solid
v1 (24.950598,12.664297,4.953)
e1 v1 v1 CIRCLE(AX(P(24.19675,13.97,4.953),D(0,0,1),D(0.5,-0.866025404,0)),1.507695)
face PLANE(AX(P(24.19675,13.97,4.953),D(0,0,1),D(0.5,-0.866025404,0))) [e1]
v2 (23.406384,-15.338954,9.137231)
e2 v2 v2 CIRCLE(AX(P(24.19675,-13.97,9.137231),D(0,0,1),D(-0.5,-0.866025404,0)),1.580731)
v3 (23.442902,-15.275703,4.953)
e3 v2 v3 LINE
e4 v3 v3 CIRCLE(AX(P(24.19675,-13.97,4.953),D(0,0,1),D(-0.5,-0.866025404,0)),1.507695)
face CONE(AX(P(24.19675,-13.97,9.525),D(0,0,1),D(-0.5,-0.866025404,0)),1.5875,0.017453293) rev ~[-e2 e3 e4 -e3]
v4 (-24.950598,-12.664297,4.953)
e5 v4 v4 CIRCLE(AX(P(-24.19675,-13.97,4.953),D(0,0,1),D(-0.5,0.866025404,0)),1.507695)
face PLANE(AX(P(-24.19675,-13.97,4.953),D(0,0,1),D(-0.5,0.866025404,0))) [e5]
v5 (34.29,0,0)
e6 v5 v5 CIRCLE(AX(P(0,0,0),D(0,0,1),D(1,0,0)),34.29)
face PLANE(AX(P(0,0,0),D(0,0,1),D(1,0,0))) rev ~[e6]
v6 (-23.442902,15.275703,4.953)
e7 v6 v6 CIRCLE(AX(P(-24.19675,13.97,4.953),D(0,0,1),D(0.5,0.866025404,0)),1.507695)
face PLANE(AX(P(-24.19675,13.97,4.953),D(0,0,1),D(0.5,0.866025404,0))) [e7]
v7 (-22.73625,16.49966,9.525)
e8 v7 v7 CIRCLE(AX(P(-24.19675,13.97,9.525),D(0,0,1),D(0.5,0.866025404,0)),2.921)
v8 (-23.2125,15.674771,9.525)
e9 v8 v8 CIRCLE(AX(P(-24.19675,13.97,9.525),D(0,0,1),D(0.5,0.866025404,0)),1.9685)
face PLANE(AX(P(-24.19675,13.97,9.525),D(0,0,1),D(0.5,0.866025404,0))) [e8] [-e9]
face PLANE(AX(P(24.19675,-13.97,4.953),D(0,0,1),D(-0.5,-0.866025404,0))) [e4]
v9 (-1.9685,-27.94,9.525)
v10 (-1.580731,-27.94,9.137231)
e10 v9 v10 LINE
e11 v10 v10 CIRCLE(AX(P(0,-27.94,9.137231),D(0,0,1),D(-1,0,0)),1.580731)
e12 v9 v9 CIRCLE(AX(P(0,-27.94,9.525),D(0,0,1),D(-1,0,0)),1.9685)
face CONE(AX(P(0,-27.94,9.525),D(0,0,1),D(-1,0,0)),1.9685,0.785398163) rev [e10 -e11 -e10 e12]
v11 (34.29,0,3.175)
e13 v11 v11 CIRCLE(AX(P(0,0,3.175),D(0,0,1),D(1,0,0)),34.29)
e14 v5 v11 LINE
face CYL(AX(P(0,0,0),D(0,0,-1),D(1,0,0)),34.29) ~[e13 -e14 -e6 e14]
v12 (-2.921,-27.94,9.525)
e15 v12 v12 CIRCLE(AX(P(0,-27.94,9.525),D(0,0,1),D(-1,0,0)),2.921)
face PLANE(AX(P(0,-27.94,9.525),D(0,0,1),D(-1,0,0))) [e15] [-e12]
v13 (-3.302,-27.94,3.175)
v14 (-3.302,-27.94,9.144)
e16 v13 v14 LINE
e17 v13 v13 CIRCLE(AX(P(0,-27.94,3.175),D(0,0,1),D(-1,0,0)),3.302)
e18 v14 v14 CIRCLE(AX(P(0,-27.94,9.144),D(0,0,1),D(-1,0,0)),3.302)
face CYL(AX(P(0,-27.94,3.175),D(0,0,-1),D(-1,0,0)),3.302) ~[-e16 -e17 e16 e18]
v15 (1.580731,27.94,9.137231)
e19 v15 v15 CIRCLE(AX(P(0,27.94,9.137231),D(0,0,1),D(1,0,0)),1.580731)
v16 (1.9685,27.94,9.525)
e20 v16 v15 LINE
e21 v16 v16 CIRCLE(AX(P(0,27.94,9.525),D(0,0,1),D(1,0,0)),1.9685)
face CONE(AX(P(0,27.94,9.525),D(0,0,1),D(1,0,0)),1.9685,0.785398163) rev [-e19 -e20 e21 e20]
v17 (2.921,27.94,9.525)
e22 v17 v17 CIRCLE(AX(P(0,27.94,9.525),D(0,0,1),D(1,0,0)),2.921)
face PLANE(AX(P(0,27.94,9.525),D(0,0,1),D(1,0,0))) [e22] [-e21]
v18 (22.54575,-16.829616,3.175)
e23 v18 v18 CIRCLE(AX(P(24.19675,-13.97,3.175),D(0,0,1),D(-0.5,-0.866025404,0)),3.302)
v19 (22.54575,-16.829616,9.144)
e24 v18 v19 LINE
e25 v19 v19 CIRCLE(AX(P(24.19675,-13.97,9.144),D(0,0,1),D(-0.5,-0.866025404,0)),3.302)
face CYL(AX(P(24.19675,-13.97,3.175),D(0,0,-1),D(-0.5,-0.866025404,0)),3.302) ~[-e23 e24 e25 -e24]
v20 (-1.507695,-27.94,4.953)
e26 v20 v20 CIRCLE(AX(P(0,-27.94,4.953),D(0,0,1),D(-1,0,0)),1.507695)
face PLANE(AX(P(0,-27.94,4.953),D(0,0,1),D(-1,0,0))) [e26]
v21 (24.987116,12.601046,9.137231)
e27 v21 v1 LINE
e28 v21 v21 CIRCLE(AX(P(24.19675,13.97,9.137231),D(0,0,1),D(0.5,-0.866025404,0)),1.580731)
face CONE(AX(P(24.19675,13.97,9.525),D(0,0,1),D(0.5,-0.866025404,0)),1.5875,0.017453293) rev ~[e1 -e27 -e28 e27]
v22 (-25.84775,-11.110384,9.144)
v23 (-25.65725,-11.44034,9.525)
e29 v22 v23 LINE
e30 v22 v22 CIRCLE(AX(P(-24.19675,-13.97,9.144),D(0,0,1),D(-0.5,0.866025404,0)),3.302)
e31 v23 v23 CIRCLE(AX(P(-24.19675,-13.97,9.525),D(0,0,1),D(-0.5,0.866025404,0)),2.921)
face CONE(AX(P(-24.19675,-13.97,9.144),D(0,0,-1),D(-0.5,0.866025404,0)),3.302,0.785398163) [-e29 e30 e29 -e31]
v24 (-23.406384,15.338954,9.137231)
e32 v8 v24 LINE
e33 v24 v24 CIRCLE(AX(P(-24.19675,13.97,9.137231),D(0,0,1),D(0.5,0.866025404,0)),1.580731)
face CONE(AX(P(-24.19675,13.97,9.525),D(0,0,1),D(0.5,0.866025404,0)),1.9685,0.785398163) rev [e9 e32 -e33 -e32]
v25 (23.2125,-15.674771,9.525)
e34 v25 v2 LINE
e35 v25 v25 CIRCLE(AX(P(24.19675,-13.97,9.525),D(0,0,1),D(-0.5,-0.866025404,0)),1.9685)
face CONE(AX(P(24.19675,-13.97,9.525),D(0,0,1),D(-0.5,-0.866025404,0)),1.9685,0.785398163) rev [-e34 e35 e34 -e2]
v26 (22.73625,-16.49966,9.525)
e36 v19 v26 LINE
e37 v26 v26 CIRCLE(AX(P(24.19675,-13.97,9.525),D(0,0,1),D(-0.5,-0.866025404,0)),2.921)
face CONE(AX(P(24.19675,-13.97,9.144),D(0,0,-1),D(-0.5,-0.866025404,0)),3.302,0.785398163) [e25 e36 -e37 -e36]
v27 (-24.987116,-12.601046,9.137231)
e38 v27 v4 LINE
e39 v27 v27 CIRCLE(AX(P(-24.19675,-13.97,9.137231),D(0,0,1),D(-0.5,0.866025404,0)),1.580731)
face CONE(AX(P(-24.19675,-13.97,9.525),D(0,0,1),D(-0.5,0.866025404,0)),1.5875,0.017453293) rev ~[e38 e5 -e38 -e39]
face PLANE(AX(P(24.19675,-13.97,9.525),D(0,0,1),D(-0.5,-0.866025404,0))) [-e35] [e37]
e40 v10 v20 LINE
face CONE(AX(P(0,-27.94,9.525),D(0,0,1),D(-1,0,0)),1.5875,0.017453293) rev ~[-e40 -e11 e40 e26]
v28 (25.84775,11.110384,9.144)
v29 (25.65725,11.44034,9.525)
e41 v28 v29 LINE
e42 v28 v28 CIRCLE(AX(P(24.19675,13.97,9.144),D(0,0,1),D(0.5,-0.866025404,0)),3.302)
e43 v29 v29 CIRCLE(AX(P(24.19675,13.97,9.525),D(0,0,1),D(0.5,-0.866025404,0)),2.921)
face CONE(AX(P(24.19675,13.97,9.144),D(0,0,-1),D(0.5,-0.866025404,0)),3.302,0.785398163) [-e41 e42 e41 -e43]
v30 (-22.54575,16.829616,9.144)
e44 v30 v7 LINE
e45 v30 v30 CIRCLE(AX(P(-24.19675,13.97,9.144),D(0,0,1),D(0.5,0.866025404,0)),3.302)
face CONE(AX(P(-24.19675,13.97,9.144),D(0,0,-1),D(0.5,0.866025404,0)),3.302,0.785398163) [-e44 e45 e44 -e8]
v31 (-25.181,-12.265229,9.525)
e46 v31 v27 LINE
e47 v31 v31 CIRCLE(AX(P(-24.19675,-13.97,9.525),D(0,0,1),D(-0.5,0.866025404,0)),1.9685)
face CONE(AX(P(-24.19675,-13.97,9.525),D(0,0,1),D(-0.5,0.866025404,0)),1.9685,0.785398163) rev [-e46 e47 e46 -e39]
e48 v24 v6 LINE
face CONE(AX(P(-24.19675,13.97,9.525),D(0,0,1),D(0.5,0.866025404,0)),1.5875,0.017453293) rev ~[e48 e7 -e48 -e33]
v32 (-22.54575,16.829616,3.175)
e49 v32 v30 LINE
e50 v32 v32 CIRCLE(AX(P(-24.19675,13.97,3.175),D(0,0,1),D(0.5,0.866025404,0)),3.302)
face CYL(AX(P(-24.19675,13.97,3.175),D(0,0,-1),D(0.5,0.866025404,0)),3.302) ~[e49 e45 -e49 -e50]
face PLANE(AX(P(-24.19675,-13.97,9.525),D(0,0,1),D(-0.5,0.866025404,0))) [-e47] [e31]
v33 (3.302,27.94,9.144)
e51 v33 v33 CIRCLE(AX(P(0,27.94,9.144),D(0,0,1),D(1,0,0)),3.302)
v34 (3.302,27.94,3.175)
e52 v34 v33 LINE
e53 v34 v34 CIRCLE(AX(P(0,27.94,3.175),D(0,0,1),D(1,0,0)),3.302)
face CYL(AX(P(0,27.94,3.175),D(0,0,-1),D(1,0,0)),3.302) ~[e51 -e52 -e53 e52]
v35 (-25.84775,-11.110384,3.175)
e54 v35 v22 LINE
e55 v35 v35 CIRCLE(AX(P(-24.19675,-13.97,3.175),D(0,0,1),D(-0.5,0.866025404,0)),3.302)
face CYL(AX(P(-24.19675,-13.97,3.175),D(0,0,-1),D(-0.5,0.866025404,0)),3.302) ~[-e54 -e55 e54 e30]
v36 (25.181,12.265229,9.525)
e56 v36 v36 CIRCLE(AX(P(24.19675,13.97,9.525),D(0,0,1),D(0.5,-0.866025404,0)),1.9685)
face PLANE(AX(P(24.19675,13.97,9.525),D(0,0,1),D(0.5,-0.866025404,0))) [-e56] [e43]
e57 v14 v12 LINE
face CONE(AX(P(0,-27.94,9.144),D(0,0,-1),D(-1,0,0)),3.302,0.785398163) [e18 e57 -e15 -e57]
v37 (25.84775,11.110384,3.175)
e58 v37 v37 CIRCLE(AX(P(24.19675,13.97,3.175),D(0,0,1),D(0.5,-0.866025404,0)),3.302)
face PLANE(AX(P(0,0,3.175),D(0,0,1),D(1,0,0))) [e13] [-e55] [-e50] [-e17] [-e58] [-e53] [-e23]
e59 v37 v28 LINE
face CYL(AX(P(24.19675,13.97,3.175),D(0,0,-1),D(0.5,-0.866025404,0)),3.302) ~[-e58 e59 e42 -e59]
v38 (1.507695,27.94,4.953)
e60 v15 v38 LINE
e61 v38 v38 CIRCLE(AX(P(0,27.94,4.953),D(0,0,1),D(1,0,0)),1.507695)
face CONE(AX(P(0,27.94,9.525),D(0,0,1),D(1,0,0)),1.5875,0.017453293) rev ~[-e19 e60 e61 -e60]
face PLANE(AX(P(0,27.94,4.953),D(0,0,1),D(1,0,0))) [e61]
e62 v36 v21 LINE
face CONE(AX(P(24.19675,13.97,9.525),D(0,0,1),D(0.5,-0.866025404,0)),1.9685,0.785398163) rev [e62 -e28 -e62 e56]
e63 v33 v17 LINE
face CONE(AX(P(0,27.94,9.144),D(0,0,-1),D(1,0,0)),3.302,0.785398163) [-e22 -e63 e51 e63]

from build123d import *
from OCP.BRepFilletAPI import BRepFilletAPI_MakeChamfer

# Parameters (mm, degrees)
SKETCH1_R                     = 34.29
BOSS_EXTRUDE1_DEPTH           = 3.175
SKETCH2_R                     = 3.302
BOSS_EXTRUDE2_DEPTH           = 6.35
SKETCH3_R                     = 1.5875
CUT_EXTRUDE1_DEPTH            = 4.572
CUT_EXTRUDE1_DRAFT            = -1
CHAMFER1_SIZE                 = 0.381
CHAMFER1_SIZE2                = 0.387827593
CIRPATTERN1_COUNT             = 6
CIRPATTERN1_COPY_1_SKETCH_R   = 1.5875
CIRPATTERN1_COPY_1_DEPTH      = 4.572
CIRPATTERN1_COPY_1_DRAFT      = -1
CIRPATTERN1_COPY_2_SKETCH_R   = 1.5875
CIRPATTERN1_COPY_2_DEPTH      = 4.572
CIRPATTERN1_COPY_2_DRAFT      = -1
CIRPATTERN1_COPY_3_SKETCH_R   = 1.5875
CIRPATTERN1_COPY_3_DEPTH      = 4.572
CIRPATTERN1_COPY_3_DRAFT      = -1
CIRPATTERN1_COPY_4_SKETCH_R   = 1.5875
CIRPATTERN1_COPY_4_DEPTH      = 4.572
CIRPATTERN1_COPY_4_DRAFT      = -1
CIRPATTERN1_COPY_5_SKETCH_R   = 1.5875
CIRPATTERN1_COPY_5_DEPTH      = 4.572
CIRPATTERN1_COPY_5_DRAFT      = -1
CHAMFER1_OF_CIRPATTERN1_SIZE  = 0.381
CHAMFER1_OF_CIRPATTERN1_SIZE2 = 0.387827593


with BuildPart() as part:
    # Sketch1 → Boss-Extrude1 (new body)
    with BuildSketch(Plane.XY):
        Circle(SKETCH1_R)
    extrude(amount=BOSS_EXTRUDE1_DEPTH)

    # Sketch2 → Boss-Extrude2 (add)
    with BuildSketch(Plane.XY.offset(3.175)):
        with Locations((0, 27.94)):
            Circle(SKETCH2_R)
    boss_extrude2 = extrude(amount=BOSS_EXTRUDE2_DEPTH)


with BuildPart() as cut_extrude1_tool:
    # Sketch3 → Cut-Extrude1 (with draft: the straight prism first)
    with BuildSketch(Plane.XY.offset(9.525)):
        with Locations((0, 27.94)):
            Circle(SKETCH3_R)
    extrude(amount=-CUT_EXTRUDE1_DEPTH)
    # Cut-Extrude1: the draft: its side faces are tilted about the plane it starts from
    cut_extrude1_sides = [cut_extrude1_tool.faces().sort_by_distance(p)[0] for p in [
        (-1.5875, 27.94, 7.239),
    ]]
    draft(cut_extrude1_sides, Plane.XY.offset(9.525), CUT_EXTRUDE1_DRAFT)


with BuildPart() as part_1:
    add(part.part)

    # Cut-Extrude1: cut by cut_extrude1_tool
    add(cut_extrude1_tool.part, mode=Mode.SUBTRACT)

    # Chamfer1: one chamfer whose edges measure the first distance from different faces: ONE call of the kernel's chamfer builder (chamfer() names one face for all edges)
    chamfer1_edges_1 = [part_1.edges().sort_by_distance(p)[0] for p in [
        (-1.5875, 27.94, 9.525),
    ]]
    chamfer1_side_1 = [part_1.faces().sort_by_distance(p)[0] for p in [
        (-3.208605336, 27.94, 9.525),
    ]]
    chamfer1_edges_2 = [part_1.edges().sort_by_distance(p)[0] for p in [
        (-3.302, 27.94, 9.525),
    ]]
    chamfer1 = BRepFilletAPI_MakeChamfer(part_1.part.solid().wrapped)
    for e in chamfer1_edges_1:
        chamfer1.Add(CHAMFER1_SIZE, CHAMFER1_SIZE2, e.wrapped, chamfer1_side_1[0].wrapped)  # the first distance lies on this face
    for e in chamfer1_edges_2:
        chamfer1.Add(CHAMFER1_SIZE, e.wrapped)
    add(Compound.cast(chamfer1.Shape()), mode=Mode.REPLACE)

    # CirPattern1: Boss-Extrude2 ×6 about axis
    cirpattern1_axis = Axis((0, 0, -0.15875), (0, 0, 1))
    for i in range(1, CIRPATTERN1_COUNT):
        add(boss_extrude2.rotate(cirpattern1_axis, i * 360 / CIRPATTERN1_COUNT))


with BuildPart() as cirpattern1_copy_1_tool:
    # CirPattern1 copy 1 sketch → CirPattern1 copy 1 (with draft: the straight prism first)
    with BuildSketch(Plane(origin=(0, 0, 9.525), x_dir=(0.5000000000000001, 0.8660254037844386, 0), z_dir=(0, 0, 1))):
        with Locations((0, 27.94)):
            Circle(CIRPATTERN1_COPY_1_SKETCH_R)
    extrude(amount=-CIRPATTERN1_COPY_1_DEPTH)
    # CirPattern1 copy 1: the draft: its side faces are tilted about the plane it starts from
    cirpattern1_copy_1_sides = [cirpattern1_copy_1_tool.faces().sort_by_distance(p)[0] for p in [
        (-24.990499782, 12.595184671, 7.239),
    ]]
    draft(cirpattern1_copy_1_sides, Plane(origin=(0, 0, 9.525), x_dir=(0.5000000000000001, 0.8660254037844386, 0), z_dir=(0, 0, 1)), CIRPATTERN1_COPY_1_DRAFT)


with BuildPart() as part_2:
    add(part_1.part)

    # CirPattern1 copy 1: cut by cirpattern1_copy_1_tool
    add(cirpattern1_copy_1_tool.part, mode=Mode.SUBTRACT)


with BuildPart() as cirpattern1_copy_2_tool:
    # CirPattern1 copy 2 sketch → CirPattern1 copy 2 (with draft: the straight prism first)
    with BuildSketch(Plane(origin=(0, 0, 9.525), x_dir=(-0.4999999999999998, 0.8660254037844387, 0), z_dir=(0, 0, 1))):
        with Locations((0, 27.94)):
            Circle(CIRPATTERN1_COPY_2_SKETCH_R)
    extrude(amount=-CIRPATTERN1_COPY_2_DEPTH)
    # CirPattern1 copy 2: the draft: its side faces are tilted about the plane it starts from
    cirpattern1_copy_2_sides = [cirpattern1_copy_2_tool.faces().sort_by_distance(p)[0] for p in [
        (-23.402999782, -15.344815329, 7.239),
    ]]
    draft(cirpattern1_copy_2_sides, Plane(origin=(0, 0, 9.525), x_dir=(-0.4999999999999998, 0.8660254037844387, 0), z_dir=(0, 0, 1)), CIRPATTERN1_COPY_2_DRAFT)


with BuildPart() as part_3:
    add(part_2.part)

    # CirPattern1 copy 2: cut by cirpattern1_copy_2_tool
    add(cirpattern1_copy_2_tool.part, mode=Mode.SUBTRACT)


with BuildPart() as cirpattern1_copy_3_tool:
    # CirPattern1 copy 3 sketch → CirPattern1 copy 3 (with draft: the straight prism first)
    with BuildSketch(Plane(origin=(0, 0, 9.525), x_dir=(-1, 0, 0), z_dir=(0, 0, 1))):
        with Locations((0, 27.94)):
            Circle(CIRPATTERN1_COPY_3_SKETCH_R)
    extrude(amount=-CIRPATTERN1_COPY_3_DEPTH)
    # CirPattern1 copy 3: the draft: its side faces are tilted about the plane it starts from
    cirpattern1_copy_3_sides = [cirpattern1_copy_3_tool.faces().sort_by_distance(p)[0] for p in [
        (1.5875, -27.94, 7.239),
    ]]
    draft(cirpattern1_copy_3_sides, Plane(origin=(0, 0, 9.525), x_dir=(-1, 0, 0), z_dir=(0, 0, 1)), CIRPATTERN1_COPY_3_DRAFT)


with BuildPart() as part_4:
    add(part_3.part)

    # CirPattern1 copy 3: cut by cirpattern1_copy_3_tool
    add(cirpattern1_copy_3_tool.part, mode=Mode.SUBTRACT)


with BuildPart() as cirpattern1_copy_4_tool:
    # CirPattern1 copy 4 sketch → CirPattern1 copy 4 (with draft: the straight prism first)
    with BuildSketch(Plane(origin=(0, 0, 9.525), x_dir=(-0.5000000000000004, -0.8660254037844384, 0), z_dir=(0, 0, 1))):
        with Locations((0, 27.94)):
            Circle(CIRPATTERN1_COPY_4_SKETCH_R)
    extrude(amount=-CIRPATTERN1_COPY_4_DEPTH)
    # CirPattern1 copy 4: the draft: its side faces are tilted about the plane it starts from
    cirpattern1_copy_4_sides = [cirpattern1_copy_4_tool.faces().sort_by_distance(p)[0] for p in [
        (24.990499782, -12.595184671, 7.239),
    ]]
    draft(cirpattern1_copy_4_sides, Plane(origin=(0, 0, 9.525), x_dir=(-0.5000000000000004, -0.8660254037844384, 0), z_dir=(0, 0, 1)), CIRPATTERN1_COPY_4_DRAFT)


with BuildPart() as part_5:
    add(part_4.part)

    # CirPattern1 copy 4: cut by cirpattern1_copy_4_tool
    add(cirpattern1_copy_4_tool.part, mode=Mode.SUBTRACT)


with BuildPart() as cirpattern1_copy_5_tool:
    # CirPattern1 copy 5 sketch → CirPattern1 copy 5 (with draft: the straight prism first)
    with BuildSketch(Plane(origin=(0, 0, 9.525), x_dir=(0.5000000000000001, -0.8660254037844386, 0), z_dir=(0, 0, 1))):
        with Locations((0, 27.94)):
            Circle(CIRPATTERN1_COPY_5_SKETCH_R)
    extrude(amount=-CIRPATTERN1_COPY_5_DEPTH)
    # CirPattern1 copy 5: the draft: its side faces are tilted about the plane it starts from
    cirpattern1_copy_5_sides = [cirpattern1_copy_5_tool.faces().sort_by_distance(p)[0] for p in [
        (23.402999782, 15.344815329, 7.239),
    ]]
    draft(cirpattern1_copy_5_sides, Plane(origin=(0, 0, 9.525), x_dir=(0.5000000000000001, -0.8660254037844386, 0), z_dir=(0, 0, 1)), CIRPATTERN1_COPY_5_DRAFT)


with BuildPart() as part_6:
    add(part_5.part)

    # CirPattern1 copy 5: cut by cirpattern1_copy_5_tool
    add(cirpattern1_copy_5_tool.part, mode=Mode.SUBTRACT)

    # Chamfer1 of CirPattern1: one chamfer whose edges measure the first distance from different faces: ONE call of the kernel's chamfer builder (chamfer() names one face for all edges)
    chamfer1_of_cirpattern1_edges_1 = [part_6.edges().sort_by_distance(p)[0] for p in [
        (-24.990499782, 12.595184671, 9.525),
    ]]
    chamfer1_of_cirpattern1_side_1 = [part_6.faces().sort_by_distance(p)[0] for p in [
        (-25.80105245, 11.191266268, 9.525),
    ]]
    chamfer1_of_cirpattern1_edges_2 = [part_6.edges().sort_by_distance(p)[0] for p in [
        (-25.847749782, 11.110384117, 9.525),
    ]]
    chamfer1_of_cirpattern1_edges_3 = [part_6.edges().sort_by_distance(p)[0] for p in [
        (-23.402999782, -15.344815329, 9.525),
    ]]
    chamfer1_of_cirpattern1_side_3 = [part_6.faces().sort_by_distance(p)[0] for p in [
        (-22.592447114, -16.748733732, 9.525),
    ]]
    chamfer1_of_cirpattern1_edges_4 = [part_6.edges().sort_by_distance(p)[0] for p in [
        (-22.545749782, -16.829615883, 9.525),
    ]]
    chamfer1_of_cirpattern1_edges_5 = [part_6.edges().sort_by_distance(p)[0] for p in [
        (1.5875, -27.94, 9.525),
    ]]
    chamfer1_of_cirpattern1_side_5 = [part_6.faces().sort_by_distance(p)[0] for p in [
        (3.208605336, -27.94, 9.525),
    ]]
    chamfer1_of_cirpattern1_edges_6 = [part_6.edges().sort_by_distance(p)[0] for p in [
        (3.302, -27.94, 9.525),
    ]]
    chamfer1_of_cirpattern1_edges_7 = [part_6.edges().sort_by_distance(p)[0] for p in [
        (24.990499782, -12.595184671, 9.525),
    ]]
    chamfer1_of_cirpattern1_side_7 = [part_6.faces().sort_by_distance(p)[0] for p in [
        (25.80105245, -11.191266268, 9.525),
    ]]
    chamfer1_of_cirpattern1_edges_8 = [part_6.edges().sort_by_distance(p)[0] for p in [
        (25.847749782, -11.110384117, 9.525),
    ]]
    chamfer1_of_cirpattern1_edges_9 = [part_6.edges().sort_by_distance(p)[0] for p in [
        (23.402999782, 15.344815329, 9.525),
    ]]
    chamfer1_of_cirpattern1_side_9 = [part_6.faces().sort_by_distance(p)[0] for p in [
        (22.592447114, 16.748733732, 9.525),
    ]]
    chamfer1_of_cirpattern1_edges_10 = [part_6.edges().sort_by_distance(p)[0] for p in [
        (22.545749782, 16.829615883, 9.525),
    ]]
    chamfer1_of_cirpattern1 = BRepFilletAPI_MakeChamfer(part_6.part.solid().wrapped)
    for e in chamfer1_of_cirpattern1_edges_1:
        chamfer1_of_cirpattern1.Add(CHAMFER1_OF_CIRPATTERN1_SIZE, CHAMFER1_OF_CIRPATTERN1_SIZE2, e.wrapped, chamfer1_of_cirpattern1_side_1[0].wrapped)  # the first distance lies on this face
    for e in chamfer1_of_cirpattern1_edges_2:
        chamfer1_of_cirpattern1.Add(CHAMFER1_OF_CIRPATTERN1_SIZE, e.wrapped)
    for e in chamfer1_of_cirpattern1_edges_3:
        chamfer1_of_cirpattern1.Add(CHAMFER1_OF_CIRPATTERN1_SIZE, CHAMFER1_OF_CIRPATTERN1_SIZE2, e.wrapped, chamfer1_of_cirpattern1_side_3[0].wrapped)  # the first distance lies on this face
    for e in chamfer1_of_cirpattern1_edges_4:
        chamfer1_of_cirpattern1.Add(CHAMFER1_OF_CIRPATTERN1_SIZE, e.wrapped)
    for e in chamfer1_of_cirpattern1_edges_5:
        chamfer1_of_cirpattern1.Add(CHAMFER1_OF_CIRPATTERN1_SIZE, CHAMFER1_OF_CIRPATTERN1_SIZE2, e.wrapped, chamfer1_of_cirpattern1_side_5[0].wrapped)  # the first distance lies on this face
    for e in chamfer1_of_cirpattern1_edges_6:
        chamfer1_of_cirpattern1.Add(CHAMFER1_OF_CIRPATTERN1_SIZE, e.wrapped)
    for e in chamfer1_of_cirpattern1_edges_7:
        chamfer1_of_cirpattern1.Add(CHAMFER1_OF_CIRPATTERN1_SIZE, CHAMFER1_OF_CIRPATTERN1_SIZE2, e.wrapped, chamfer1_of_cirpattern1_side_7[0].wrapped)  # the first distance lies on this face
    for e in chamfer1_of_cirpattern1_edges_8:
        chamfer1_of_cirpattern1.Add(CHAMFER1_OF_CIRPATTERN1_SIZE, e.wrapped)
    for e in chamfer1_of_cirpattern1_edges_9:
        chamfer1_of_cirpattern1.Add(CHAMFER1_OF_CIRPATTERN1_SIZE, CHAMFER1_OF_CIRPATTERN1_SIZE2, e.wrapped, chamfer1_of_cirpattern1_side_9[0].wrapped)  # the first distance lies on this face
    for e in chamfer1_of_cirpattern1_edges_10:
        chamfer1_of_cirpattern1.Add(CHAMFER1_OF_CIRPATTERN1_SIZE, e.wrapped)
    add(Compound.cast(chamfer1_of_cirpattern1.Shape()), mode=Mode.REPLACE)


solid = part_6.part
